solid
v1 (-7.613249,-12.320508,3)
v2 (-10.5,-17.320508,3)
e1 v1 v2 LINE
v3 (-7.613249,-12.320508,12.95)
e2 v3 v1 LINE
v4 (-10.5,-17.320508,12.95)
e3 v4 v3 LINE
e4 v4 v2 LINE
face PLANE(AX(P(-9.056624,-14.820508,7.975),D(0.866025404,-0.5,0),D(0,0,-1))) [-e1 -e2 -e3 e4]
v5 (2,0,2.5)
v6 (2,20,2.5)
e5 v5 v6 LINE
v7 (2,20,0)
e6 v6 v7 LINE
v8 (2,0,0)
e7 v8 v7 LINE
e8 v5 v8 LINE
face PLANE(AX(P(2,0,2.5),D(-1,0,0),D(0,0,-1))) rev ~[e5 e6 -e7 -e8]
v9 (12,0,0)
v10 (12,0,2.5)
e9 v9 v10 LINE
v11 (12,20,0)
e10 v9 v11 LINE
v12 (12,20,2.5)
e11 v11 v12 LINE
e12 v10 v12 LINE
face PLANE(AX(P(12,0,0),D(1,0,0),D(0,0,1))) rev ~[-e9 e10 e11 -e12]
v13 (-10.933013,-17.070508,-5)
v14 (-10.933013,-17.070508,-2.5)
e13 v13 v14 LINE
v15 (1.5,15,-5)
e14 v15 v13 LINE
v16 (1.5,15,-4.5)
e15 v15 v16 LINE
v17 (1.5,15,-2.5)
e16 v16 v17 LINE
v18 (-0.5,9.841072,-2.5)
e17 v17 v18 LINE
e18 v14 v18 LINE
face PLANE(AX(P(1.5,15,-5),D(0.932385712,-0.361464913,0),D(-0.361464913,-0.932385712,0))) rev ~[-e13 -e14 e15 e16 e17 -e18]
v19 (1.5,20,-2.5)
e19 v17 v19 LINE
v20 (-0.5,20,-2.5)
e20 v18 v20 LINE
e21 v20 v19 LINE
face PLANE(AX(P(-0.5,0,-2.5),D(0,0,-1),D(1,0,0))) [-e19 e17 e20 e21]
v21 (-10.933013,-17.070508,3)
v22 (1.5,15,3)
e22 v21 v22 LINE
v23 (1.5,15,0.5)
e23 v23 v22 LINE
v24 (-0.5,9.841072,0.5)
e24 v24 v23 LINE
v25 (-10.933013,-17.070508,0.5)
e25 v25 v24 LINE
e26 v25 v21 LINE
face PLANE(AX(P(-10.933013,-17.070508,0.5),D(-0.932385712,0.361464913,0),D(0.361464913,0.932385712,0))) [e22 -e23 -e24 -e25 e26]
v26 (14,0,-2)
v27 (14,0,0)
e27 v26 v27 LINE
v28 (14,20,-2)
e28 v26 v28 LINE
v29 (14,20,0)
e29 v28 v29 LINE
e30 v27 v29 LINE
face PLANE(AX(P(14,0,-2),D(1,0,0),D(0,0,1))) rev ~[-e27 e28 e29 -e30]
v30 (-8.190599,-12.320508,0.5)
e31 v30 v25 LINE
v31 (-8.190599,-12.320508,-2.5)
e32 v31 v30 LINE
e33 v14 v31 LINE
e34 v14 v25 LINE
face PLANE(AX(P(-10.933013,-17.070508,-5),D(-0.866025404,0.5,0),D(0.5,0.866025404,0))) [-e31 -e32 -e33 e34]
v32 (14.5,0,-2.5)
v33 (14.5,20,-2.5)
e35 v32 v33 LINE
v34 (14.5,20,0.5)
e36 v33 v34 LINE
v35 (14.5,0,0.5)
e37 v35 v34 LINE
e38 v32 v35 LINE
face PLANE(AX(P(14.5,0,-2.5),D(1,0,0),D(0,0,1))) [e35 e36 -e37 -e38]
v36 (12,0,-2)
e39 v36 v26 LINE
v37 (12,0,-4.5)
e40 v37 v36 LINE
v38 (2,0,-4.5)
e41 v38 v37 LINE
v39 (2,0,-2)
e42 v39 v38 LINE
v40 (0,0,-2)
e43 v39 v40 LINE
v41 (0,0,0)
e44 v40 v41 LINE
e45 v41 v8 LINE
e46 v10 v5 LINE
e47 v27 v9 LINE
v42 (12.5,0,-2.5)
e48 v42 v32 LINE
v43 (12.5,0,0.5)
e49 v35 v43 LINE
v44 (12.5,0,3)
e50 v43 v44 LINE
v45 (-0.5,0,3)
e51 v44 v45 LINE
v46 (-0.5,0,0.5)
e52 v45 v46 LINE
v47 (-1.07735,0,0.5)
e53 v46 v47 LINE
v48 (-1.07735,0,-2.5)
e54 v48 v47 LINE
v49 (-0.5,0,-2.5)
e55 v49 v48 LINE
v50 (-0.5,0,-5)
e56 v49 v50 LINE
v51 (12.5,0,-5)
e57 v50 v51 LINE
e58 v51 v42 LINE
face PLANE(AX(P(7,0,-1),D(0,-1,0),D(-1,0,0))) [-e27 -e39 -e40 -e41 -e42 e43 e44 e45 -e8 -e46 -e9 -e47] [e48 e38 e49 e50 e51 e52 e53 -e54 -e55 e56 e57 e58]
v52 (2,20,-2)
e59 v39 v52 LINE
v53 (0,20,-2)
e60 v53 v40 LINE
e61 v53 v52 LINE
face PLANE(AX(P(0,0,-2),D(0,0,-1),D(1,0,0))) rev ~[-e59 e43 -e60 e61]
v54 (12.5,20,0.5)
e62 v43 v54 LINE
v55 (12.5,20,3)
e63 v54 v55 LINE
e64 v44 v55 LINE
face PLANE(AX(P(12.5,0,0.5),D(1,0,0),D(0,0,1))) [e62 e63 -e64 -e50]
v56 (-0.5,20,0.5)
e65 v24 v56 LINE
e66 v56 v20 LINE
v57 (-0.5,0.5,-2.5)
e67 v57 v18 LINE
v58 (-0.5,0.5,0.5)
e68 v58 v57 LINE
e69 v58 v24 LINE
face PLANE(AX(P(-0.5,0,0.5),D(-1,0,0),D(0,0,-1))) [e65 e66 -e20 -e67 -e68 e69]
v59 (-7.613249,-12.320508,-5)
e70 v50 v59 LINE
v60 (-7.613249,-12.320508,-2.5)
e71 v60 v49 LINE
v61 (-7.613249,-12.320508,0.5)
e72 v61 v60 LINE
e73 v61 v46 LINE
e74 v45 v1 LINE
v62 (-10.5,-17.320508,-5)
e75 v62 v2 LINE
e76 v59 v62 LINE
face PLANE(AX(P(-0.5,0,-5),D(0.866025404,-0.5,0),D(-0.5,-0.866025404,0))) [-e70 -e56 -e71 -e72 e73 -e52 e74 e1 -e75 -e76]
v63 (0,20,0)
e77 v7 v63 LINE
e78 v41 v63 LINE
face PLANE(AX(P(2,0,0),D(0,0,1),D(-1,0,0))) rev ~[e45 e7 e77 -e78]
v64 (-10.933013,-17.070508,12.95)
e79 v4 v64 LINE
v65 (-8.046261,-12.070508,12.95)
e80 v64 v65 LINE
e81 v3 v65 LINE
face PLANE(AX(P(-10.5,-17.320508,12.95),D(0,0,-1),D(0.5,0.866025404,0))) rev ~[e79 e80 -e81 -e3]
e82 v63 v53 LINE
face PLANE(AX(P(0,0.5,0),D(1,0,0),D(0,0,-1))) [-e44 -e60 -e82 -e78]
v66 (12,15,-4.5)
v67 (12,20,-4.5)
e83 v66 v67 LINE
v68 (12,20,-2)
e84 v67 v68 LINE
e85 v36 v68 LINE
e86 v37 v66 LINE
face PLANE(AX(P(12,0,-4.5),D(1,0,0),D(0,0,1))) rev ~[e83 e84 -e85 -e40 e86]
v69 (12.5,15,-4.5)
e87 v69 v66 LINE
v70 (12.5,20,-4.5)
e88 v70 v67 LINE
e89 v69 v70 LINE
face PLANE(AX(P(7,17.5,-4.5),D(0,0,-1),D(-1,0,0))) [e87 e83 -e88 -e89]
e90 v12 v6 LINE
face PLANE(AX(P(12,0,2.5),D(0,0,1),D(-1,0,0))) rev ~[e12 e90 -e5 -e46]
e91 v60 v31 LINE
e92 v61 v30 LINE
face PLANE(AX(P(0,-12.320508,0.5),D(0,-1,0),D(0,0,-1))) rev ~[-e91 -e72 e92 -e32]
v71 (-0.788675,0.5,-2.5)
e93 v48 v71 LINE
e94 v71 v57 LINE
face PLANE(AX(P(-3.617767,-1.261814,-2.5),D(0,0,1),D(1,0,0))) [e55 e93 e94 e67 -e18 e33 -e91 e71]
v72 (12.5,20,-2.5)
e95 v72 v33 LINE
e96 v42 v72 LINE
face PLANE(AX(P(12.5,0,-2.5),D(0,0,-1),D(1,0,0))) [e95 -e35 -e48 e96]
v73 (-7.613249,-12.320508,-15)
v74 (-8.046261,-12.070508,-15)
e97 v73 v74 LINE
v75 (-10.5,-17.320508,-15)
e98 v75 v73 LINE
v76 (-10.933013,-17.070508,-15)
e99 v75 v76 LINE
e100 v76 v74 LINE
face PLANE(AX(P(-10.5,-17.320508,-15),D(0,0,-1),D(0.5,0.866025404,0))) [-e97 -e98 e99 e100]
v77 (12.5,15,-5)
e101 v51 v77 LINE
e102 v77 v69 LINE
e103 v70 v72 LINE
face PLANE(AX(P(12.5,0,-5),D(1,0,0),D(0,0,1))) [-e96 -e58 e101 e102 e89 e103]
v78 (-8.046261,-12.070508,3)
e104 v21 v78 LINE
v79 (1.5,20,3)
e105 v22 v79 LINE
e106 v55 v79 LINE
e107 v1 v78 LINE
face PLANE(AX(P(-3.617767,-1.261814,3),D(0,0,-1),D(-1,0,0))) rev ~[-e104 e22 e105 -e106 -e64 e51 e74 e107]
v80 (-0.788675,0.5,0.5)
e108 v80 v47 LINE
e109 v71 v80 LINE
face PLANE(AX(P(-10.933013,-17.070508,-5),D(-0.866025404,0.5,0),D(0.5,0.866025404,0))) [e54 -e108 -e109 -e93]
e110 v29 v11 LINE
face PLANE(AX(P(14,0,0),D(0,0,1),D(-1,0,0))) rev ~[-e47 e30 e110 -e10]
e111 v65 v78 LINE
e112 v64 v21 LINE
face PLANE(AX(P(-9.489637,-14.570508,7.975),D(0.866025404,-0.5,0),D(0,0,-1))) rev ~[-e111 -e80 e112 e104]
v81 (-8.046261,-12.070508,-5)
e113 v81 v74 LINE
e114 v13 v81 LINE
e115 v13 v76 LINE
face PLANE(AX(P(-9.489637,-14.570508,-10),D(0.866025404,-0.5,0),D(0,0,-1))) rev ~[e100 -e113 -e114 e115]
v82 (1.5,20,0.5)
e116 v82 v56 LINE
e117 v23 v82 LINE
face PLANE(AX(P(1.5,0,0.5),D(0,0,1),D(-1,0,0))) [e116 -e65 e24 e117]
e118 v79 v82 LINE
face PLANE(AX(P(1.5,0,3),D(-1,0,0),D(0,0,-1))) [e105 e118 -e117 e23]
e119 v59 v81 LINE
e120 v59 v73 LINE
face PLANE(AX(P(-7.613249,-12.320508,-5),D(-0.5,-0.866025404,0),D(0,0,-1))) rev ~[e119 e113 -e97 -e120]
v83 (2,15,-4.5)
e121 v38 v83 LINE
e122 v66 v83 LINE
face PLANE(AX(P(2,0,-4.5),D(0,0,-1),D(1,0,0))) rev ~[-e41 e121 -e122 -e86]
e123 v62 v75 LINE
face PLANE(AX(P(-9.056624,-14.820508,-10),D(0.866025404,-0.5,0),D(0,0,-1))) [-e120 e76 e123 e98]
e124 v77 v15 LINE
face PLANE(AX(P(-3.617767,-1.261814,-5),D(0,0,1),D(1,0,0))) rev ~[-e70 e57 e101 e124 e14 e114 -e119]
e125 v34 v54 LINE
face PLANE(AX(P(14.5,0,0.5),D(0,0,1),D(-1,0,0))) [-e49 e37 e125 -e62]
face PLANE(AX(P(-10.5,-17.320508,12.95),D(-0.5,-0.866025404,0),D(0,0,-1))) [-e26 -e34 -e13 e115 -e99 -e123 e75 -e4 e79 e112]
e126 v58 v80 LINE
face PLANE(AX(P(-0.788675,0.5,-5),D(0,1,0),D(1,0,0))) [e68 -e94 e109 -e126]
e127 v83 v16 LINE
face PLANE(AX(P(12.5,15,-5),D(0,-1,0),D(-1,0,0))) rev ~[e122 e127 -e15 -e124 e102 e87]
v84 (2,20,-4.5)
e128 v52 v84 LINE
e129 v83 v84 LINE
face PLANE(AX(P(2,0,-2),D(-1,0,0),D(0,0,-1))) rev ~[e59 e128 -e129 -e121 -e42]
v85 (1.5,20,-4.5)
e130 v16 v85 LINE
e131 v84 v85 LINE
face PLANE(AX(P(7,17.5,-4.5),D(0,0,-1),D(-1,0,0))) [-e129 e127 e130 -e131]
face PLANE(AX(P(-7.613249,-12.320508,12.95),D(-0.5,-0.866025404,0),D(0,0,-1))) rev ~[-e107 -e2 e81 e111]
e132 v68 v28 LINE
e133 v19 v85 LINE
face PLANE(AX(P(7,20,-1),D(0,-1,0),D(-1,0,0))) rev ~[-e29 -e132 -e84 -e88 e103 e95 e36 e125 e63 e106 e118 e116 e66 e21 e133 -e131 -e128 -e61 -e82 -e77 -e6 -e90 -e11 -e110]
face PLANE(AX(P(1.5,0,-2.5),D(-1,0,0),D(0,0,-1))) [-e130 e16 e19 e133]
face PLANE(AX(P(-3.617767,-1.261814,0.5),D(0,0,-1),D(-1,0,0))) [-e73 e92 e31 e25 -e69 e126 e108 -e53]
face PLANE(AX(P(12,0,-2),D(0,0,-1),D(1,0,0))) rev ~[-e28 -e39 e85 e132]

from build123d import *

# Parameters (mm, degrees)
AUFSATZ_LINEAR_AUSTRAGEN1_DEPTH = 20
SKIZZE2_W                       = 11
SKIZZE2_H                       = 5
SCHNITT_LINEAR_AUSTRAGEN1_DEPTH = 0.5
AUFSATZ_LINEAR_AUSTRAGEN2_DEPTH = 8
SKIZZE4_W                       = 1.5
SKIZZE4_H                       = 2
SCHNITT_LINEAR_AUSTRAGEN2_DEPTH = 8
AUFSATZ_LINEAR_AUSTRAGEN3_DEPTH = 2.5
SKIZZE8_W                       = 3
SKIZZE8_H                       = 12.320508076
SCHNITT_LINEAR_AUSTRAGEN5_DEPTH = 12
SKIZZE9_W                       = 9.95
SKIZZE9_H                       = 5.773502692
SKIZZE9_W_2                     = 10
AUFSATZ_LINEAR_AUSTRAGEN5_DEPTH = 0.5
AUFSATZ_LINEAR_AUSTRAGEN6_DEPTH = 2.5


with BuildPart() as part:
    # Skizze1 → Aufsatz-Linear austragen1 (new body)
    with BuildSketch(Plane(origin=(0, 0, 0), x_dir=(1, 0, 0), z_dir=(0, 1, 0))):
        Polygon((1.5, 2.5), (1.5, 5), (12.5, 5), (12.5, 2.5), (14.5, 2.5), (14.5, -0.5), (12.5, -0.5), (12.5, -3), (1.5, -3), (1.5, -0.5), (-0.5, -0.5), (-0.5, 2.5), align=None)
        Polygon((2, 2), (2, 4.5), (12, 4.5), (12, 2), (14, 2), (14, 0), (12, 0), (12, -2.5), (2, -2.5), (2, 0), (0, 0), (0, 2), align=None, mode=Mode.SUBTRACT)
    extrude(amount=AUFSATZ_LINEAR_AUSTRAGEN1_DEPTH)

    # Skizze2 → Schnitt-Linear austragen1 (cut)
    with BuildSketch(Plane(origin=(0, 0, -5), x_dir=(-1, 0, 0), z_dir=(0, 0, -1))):
        with Locations((-7, 17.5)):
            Rectangle(SKIZZE2_W, SKIZZE2_H)
    extrude(amount=-SCHNITT_LINEAR_AUSTRAGEN1_DEPTH, mode=Mode.SUBTRACT)

    # Skizze3 → Aufsatz-Linear austragen2 (add)
    with BuildSketch(Plane(origin=(0, 0, -5), x_dir=(-1, 0, 0), z_dir=(0, 0, -1))):
        Polygon((-1.5, 0), (0.5, 0), (10.5, -17.320508076), (10.933012702, -17.070508076), (0.788675135, 0.5), (-1.5, 0.5), align=None)
    extrude(amount=-AUFSATZ_LINEAR_AUSTRAGEN2_DEPTH)

    # Skizze4 → Schnitt-Linear austragen2 (cut)
    with BuildSketch(Plane(origin=(0, 0.5, 0), x_dir=(1, 0, 0), z_dir=(0, 1, 0))):
        with Locations((0.75, 1)):
            Rectangle(SKIZZE4_W, SKIZZE4_H)
    extrude(amount=-SCHNITT_LINEAR_AUSTRAGEN2_DEPTH, mode=Mode.SUBTRACT)

    # Skizze6 → Aufsatz-Linear austragen3 (add)
    with BuildSketch(Plane(origin=(0, 0, -5), x_dir=(-1, 0, 0), z_dir=(0, 0, -1))):
        Polygon((-1.5, 15), (10.933012702, -17.070508076), (0.788675135, 0.5), (-1.5, 0.5), align=None)
    extrude(amount=-AUFSATZ_LINEAR_AUSTRAGEN3_DEPTH)

    # Skizze8 → Schnitt-Linear austragen5 (cut)
    with BuildSketch(Plane(origin=(0, 0, 0), x_dir=(0, 0, -1), z_dir=(1, 0, 0))):
        with Locations((1, -6.160254038)):
            Rectangle(SKIZZE8_W, SKIZZE8_H)
    extrude(amount=-SCHNITT_LINEAR_AUSTRAGEN5_DEPTH, mode=Mode.SUBTRACT)

    # Skizze9 → Aufsatz-Linear austragen5 (add)
    with BuildSketch(Plane(origin=(-0.375, 0.216506351, 0), x_dir=(0, 0, -1), z_dir=(0.866025404, -0.5, 0))):
        with Locations((-7.975, -17.363248654)):
            Rectangle(SKIZZE9_W, SKIZZE9_H)
        with Locations((10, -17.363248654)):
            Rectangle(SKIZZE9_W_2, SKIZZE9_H)
    extrude(amount=-AUFSATZ_LINEAR_AUSTRAGEN5_DEPTH)

    # Skizze11 → Aufsatz-Linear austragen6 (add)
    with BuildSketch(Plane.XY.offset(0.5)):
        Polygon((1.5, 0.5), (-0.788675135, 0.5), (-10.933012702, -17.070508076), (1.5, 15), align=None)
    extrude(amount=AUFSATZ_LINEAR_AUSTRAGEN6_DEPTH)


solid = part.part
